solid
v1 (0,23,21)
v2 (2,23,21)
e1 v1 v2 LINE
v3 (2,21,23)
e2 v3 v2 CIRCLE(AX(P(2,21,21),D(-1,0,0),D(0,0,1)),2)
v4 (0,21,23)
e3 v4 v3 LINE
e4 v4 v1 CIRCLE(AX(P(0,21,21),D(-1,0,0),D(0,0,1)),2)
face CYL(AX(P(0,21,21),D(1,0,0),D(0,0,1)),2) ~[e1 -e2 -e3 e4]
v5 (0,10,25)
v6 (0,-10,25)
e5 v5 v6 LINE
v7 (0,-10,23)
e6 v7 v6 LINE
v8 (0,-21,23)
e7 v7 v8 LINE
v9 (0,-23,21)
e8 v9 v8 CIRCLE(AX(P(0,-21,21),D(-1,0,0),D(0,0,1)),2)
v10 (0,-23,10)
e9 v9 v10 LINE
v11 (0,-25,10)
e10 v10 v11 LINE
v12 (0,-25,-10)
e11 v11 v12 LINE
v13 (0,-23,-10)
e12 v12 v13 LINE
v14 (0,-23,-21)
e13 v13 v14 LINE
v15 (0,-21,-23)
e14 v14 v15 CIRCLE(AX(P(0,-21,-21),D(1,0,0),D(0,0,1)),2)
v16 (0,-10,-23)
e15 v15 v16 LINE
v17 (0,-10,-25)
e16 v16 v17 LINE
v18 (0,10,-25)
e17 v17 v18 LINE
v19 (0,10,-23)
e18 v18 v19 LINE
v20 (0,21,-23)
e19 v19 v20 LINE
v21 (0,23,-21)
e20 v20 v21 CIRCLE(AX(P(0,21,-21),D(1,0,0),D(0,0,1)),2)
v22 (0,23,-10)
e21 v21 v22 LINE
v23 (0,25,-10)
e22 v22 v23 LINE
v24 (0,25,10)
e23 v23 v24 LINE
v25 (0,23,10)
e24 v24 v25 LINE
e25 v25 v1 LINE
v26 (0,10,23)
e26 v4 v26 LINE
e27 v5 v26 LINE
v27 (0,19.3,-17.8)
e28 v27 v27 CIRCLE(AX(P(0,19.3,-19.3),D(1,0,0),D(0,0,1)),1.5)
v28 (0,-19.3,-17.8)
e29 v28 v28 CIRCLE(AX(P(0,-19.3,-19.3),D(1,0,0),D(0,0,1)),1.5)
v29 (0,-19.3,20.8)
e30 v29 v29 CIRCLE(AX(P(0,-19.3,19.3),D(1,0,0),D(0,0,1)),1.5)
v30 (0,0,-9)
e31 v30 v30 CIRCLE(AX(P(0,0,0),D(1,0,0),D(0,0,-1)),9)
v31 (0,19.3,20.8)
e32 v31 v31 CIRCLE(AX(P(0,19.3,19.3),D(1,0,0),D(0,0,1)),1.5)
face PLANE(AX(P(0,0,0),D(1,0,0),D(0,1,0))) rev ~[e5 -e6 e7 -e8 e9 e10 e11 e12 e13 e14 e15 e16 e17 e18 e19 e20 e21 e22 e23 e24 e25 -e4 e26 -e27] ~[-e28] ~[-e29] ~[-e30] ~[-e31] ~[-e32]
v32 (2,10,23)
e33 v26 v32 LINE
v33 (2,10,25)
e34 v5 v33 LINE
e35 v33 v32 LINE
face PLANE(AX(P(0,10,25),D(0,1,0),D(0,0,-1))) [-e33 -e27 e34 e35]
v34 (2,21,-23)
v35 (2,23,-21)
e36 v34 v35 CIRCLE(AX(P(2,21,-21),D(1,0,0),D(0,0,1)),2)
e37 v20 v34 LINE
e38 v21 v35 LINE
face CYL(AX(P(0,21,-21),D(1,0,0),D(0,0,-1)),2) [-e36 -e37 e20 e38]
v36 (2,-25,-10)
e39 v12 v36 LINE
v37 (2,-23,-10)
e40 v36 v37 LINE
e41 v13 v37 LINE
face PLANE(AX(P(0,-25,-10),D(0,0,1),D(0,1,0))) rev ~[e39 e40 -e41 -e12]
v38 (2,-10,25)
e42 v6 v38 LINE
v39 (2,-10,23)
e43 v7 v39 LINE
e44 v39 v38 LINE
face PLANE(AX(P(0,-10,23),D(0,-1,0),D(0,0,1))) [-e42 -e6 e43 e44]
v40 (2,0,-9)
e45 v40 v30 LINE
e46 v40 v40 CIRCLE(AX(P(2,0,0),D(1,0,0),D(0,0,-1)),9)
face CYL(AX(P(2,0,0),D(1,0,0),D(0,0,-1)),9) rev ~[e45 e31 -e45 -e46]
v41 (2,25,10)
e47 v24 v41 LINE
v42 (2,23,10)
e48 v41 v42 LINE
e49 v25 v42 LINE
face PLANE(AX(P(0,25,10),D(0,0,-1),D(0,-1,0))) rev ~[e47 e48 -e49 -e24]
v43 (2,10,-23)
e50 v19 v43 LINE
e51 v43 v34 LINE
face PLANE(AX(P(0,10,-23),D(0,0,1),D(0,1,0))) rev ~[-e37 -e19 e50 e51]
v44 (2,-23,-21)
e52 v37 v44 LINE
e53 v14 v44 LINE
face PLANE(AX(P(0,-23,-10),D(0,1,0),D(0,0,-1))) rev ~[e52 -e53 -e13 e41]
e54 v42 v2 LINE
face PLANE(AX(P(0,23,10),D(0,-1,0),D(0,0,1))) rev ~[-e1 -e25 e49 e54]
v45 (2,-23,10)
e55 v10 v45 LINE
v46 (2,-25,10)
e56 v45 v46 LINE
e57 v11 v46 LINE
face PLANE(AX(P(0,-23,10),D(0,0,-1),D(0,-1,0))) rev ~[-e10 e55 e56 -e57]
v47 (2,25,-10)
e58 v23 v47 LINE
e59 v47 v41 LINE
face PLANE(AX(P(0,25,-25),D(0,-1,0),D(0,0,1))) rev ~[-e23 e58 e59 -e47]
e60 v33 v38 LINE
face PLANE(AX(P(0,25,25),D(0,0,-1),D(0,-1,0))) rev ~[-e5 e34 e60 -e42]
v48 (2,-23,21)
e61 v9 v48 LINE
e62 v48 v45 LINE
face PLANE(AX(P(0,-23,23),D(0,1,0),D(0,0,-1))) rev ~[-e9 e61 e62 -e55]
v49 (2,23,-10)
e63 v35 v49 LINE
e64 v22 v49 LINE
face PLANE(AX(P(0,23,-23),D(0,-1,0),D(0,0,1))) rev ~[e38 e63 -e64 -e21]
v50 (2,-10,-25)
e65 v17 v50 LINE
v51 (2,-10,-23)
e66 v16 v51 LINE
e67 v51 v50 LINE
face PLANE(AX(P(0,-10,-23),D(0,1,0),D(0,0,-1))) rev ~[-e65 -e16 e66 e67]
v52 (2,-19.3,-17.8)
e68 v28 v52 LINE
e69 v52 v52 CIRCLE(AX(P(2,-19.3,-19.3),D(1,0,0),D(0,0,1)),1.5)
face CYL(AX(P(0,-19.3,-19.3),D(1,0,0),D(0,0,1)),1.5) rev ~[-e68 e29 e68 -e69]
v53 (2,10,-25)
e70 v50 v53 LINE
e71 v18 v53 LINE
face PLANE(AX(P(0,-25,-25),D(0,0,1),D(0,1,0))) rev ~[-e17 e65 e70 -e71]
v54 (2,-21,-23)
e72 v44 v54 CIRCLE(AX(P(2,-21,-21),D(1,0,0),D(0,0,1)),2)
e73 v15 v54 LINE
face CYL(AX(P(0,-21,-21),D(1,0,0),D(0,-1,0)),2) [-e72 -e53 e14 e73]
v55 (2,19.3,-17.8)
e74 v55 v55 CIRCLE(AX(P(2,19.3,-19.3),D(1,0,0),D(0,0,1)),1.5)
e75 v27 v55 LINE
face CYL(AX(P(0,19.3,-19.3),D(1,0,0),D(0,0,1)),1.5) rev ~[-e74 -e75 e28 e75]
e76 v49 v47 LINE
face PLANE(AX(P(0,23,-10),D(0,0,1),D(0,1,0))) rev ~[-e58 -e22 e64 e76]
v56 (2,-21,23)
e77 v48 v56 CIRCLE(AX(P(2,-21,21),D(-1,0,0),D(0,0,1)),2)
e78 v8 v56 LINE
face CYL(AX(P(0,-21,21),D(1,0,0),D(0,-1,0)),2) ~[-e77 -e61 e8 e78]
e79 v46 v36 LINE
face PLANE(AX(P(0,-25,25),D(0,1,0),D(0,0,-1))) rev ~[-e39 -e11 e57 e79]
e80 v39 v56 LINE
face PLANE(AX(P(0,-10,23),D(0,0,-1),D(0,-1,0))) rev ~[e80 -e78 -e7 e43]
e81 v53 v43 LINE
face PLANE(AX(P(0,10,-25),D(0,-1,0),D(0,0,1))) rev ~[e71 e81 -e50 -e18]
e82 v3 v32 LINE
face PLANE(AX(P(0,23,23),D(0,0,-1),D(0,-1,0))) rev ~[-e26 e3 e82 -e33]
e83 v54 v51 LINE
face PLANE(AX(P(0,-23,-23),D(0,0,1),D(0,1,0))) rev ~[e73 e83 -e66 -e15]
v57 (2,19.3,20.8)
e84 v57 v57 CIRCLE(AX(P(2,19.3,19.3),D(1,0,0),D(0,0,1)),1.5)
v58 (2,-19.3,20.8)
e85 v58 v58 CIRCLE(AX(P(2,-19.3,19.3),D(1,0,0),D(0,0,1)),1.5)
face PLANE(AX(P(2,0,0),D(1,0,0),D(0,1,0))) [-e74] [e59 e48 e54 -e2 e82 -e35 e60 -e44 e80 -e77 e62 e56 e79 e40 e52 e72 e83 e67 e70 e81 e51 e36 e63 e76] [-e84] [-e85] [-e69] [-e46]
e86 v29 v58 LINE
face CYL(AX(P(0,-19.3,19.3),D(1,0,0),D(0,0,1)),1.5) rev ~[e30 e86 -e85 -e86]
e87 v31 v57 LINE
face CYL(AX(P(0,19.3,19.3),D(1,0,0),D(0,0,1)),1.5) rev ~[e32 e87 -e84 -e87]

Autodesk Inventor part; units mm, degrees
ref_plane "YZ Plane" through (0, 0, 0) normal (1, 0, 0) x (0, 1, 0)
ref_plane "XZ Plane" through (0, 0, 0) normal (0, 1, 0) x (-1, 0, 0)
ref_plane "XY Plane" through (0, 0, 0) normal (0, 0, 1) x (1, 0, 0)
sketch "Sketch1" plane through (0, 0, 0) normal (1, 0, 0) x (0, 1, 0)
  line L0 (-25, -25) -> (25, -25)
  line L1 (25, -25) -> (25, 25)
  line L2 (25, 25) -> (-25, 25)
  line L3 (-25, 25) -> (-25, -25)
  line L4 (-25, -25) -> (25, 25) construction
  line L5 (25, -25) -> (-25, 25) construction
  line L6 (-24, -24) -> (24, -24)
  line L7 (24, -24) -> (24, 24)
  line L8 (24, 24) -> (-24, 24)
  line L9 (-24, 24) -> (-24, -24)
  line L10 (-24, -24) -> (24, 24) construction
  line L11 (24, -24) -> (-24, 24) construction
  point P0 (0, 0)
  dimension "d0" = 50
  dimension "d1" = 50
  dimension "d2" = 48
  dimension "d3" = 48
extrude "Extrusion1" add sketch "Sketch1" along normal blind 2 contours L3 L2 L1 L0 | L9 L8 L7 L6
sketch "Sketch3" plane through (0, 0, 0) normal (-1, 0, 0) x (0, 0, 1)
  line L0 (19.3, -19.3) -> (-19.3, -19.3)
  line L1 (-19.3, -19.3) -> (-19.3, 19.3)
  line L2 (-19.3, 19.3) -> (19.3, 19.3)
  line L3 (19.3, 19.3) -> (19.3, -19.3)
  line L4 (19.3, -19.3) -> (-19.3, 19.3) construction
  line L5 (-19.3, -19.3) -> (19.3, 19.3) construction
  circle A0 centre (-19.3, 19.3) radius 1.5
  circle A1 centre (19.3, 19.3) radius 1.5555
  circle A2 centre (19.3, -19.3) radius 1.5555
  circle A3 centre (-19.3, -19.3) radius 1.5555
  point P0 (0, 0)
  dimension "d6" = 38.6
  dimension "d7" = 38.6
  dimension "d8" = 3
  dimension "d9" = 3.111
  dimension "d10" = 3.111
  dimension "d11" = 3.111
hole "Hole1" at (0, 19.3, -19.3) direction (1, 0, 0) diameter 3 end through all
sketch "Sketch4" plane through (0, 0, 0) normal (-1, 0, 0) x (0, 0, 1)
  line L0 (-19.3, -19.3) -> (19.3, -19.3)
  line L1 (19.3, -19.3) -> (19.3, 19.3)
  line L2 (19.3, 19.3) -> (-19.3, 19.3)
  line L3 (-19.3, 19.3) -> (-19.3, -19.3)
  line L4 (-19.3, -19.3) -> (19.3, 19.3) construction
  line L5 (19.3, -19.3) -> (-19.3, 19.3) construction
  circle A0 centre (19.3, 19.3) radius 1.5
  point P0 (0, 0)
  dimension "d19" = 38.6
  dimension "d20" = 38.6
  dimension "d21" = 3
hole "Hole2" at (0, 19.3, 19.3) direction (1, 0, 0) diameter 3 end through all
sketch "Sketch5" plane through (0, 0, 0) normal (-1, 0, 0) x (0, 0, 1)
  line L0 (19.3, -19.3) -> (-19.3, -19.3)
  line L1 (-19.3, -19.3) -> (-19.3, 19.3)
  line L2 (-19.3, 19.3) -> (19.3, 19.3)
  line L3 (19.3, 19.3) -> (19.3, -19.3)
  line L4 (19.3, -19.3) -> (-19.3, 19.3) construction
  line L5 (-19.3, -19.3) -> (19.3, 19.3) construction
  circle A0 centre (-19.3, -19.3) radius 1.5
  point P0 (0, 0)
  dimension "d29" = 38.6
  dimension "d30" = 38.6
  dimension "d31" = 3
hole "Hole3" at (0, -19.3, -19.3) direction (1, 0, 0) diameter 3 end through all
sketch "Sketch6" plane through (0, 0, 0) normal (-1, 0, 0) x (0, 0, 1)
  line L0 (19.3, -19.3) -> (-19.3, -19.3)
  line L1 (-19.3, -19.3) -> (-19.3, 19.3)
  line L2 (-19.3, 19.3) -> (19.3, 19.3)
  line L3 (19.3, 19.3) -> (19.3, -19.3)
  line L4 (19.3, -19.3) -> (-19.3, 19.3) construction
  line L5 (-19.3, -19.3) -> (19.3, 19.3) construction
  circle A0 centre (19.3, -19.3) radius 1.5
  point P0 (0, 0)
  dimension "d39" = 38.6
  dimension "d40" = 38.6
  dimension "d41" = 3
hole "Hole4" at (0, -19.3, 19.3) direction (1, 0, 0) diameter 3 end through all
sketch "Sketch7" plane through (0, 0, 0) normal (-1, 0, 0) x (0, 0, 1)
  line L0 (23, -23) -> (-23, -23)
  line L1 (-23, -23) -> (-23, 23)
  line L2 (-23, 23) -> (23, 23)
  line L3 (23, 23) -> (23, -23)
  line L4 (23, -23) -> (-23, 23) construction
  line L5 (-23, -23) -> (23, 23) construction
  line L6 (-25, 25) -> (25, 25) projected
  line L7 (10, 21) -> (-10, 21)
  line L8 (-10, 21) -> (-10, 25)
  line L9 (-10, 25) -> (10, 25)
  line L10 (10, 25) -> (10, 21)
  line L11 (10, 21) -> (-10, 25) construction
  line L12 (-10, 21) -> (10, 25) construction
  line L13 (21, -10) -> (25, -10)
  line L14 (25, -10) -> (25, 10)
  line L15 (25, 10) -> (21, 10)
  line L16 (21, 10) -> (21, -10)
  line L17 (21, -10) -> (25, 10) construction
  line L18 (25, -10) -> (21, 10) construction
  line L19 (25, -25) -> (-25, -25) projected
  line L20 (-10, -21) -> (10, -21)
  line L21 (10, -21) -> (10, -25)
  line L22 (10, -25) -> (-10, -25)
  line L23 (-10, -25) -> (-10, -21)
  line L24 (-10, -21) -> (10, -25) construction
  line L25 (10, -21) -> (-10, -25) construction
  line L26 (-25.0252, 10) -> (-20.9748, 10)
  line L27 (-20.9748, 10) -> (-20.9748, -10)
  line L28 (-20.9748, -10) -> (-25.0252, -10)
  line L29 (-25.0252, -10) -> (-25.0252, 10)
  line L30 (-25.0252, 10) -> (-20.9748, -10) construction
  line L31 (-20.9748, 10) -> (-25.0252, -10) construction
  line L32 (25, -25) -> (-25, -25)
  line L33 (-25, -25) -> (-25, 25)
  line L34 (-25, 25) -> (25, 25)
  line L35 (25, 25) -> (25, -25)
  line L36 (25, -25) -> (-25, 25) construction
  line L37 (-25, -25) -> (25, 25) construction
  point P0 (0, 0)
  point P1 (0, 23)
  point P2 (23, 0)
  point P3 (0, -23)
  point P4 (-23, 0)
  point P5 (-10, 23)
  point P6 (10, 23)
  point P7 (23, 10)
  point P8 (23, -10)
  point P9 (10, -23)
  point P10 (-10, -23)
  point P11 (-23, -10)
  point P12 (-23, 10)
  point P13 (10, 25)
  point P14 (-25, 10)
  point P15 (-25, -10)
  point P16 (-10, -25)
  dimension "d49" = 46
  dimension "d50" = 46
  dimension "d51" = 20
  dimension "d52" = 20
  dimension "d53" = 20
  dimension "d54" = 20
extrude "Extrusion3" cut sketch "Sketch7" against normal blind 2 contours L3 L13 L35 L19 L21 L0 | L23 L19 L33 L28 L1 L0 | L3 L2 L10 L6 L35 L15 | L26 L33 L6 L8 L2 L1
sketch "Sketch8" plane through (2, 0, 0) normal (1, 0, 0) x (0, 0, -1)
  circle A0 centre (0, 0) radius 9
  dimension "d59" = 18
extrude "Extrusion4" cut sketch "Sketch8" against normal blind 2
sketch "Sketch9" plane through (2, 0, 0) normal (1, 0, 0) x (0, 0, -1)
  line L0 (13.75, -13.75) -> (-13.75, -13.75)
  line L1 (-13.75, -13.75) -> (-13.75, 13.75)
  line L2 (-13.75, 13.75) -> (13.75, 13.75)
  line L3 (13.75, 13.75) -> (13.75, -13.75)
  line L4 (13.75, -13.75) -> (-13.75, 13.75) construction
  line L5 (-13.75, -13.75) -> (13.75, 13.75) construction
  circle A0 centre (-13.75, 13.75) radius 1
  circle A1 centre (13.75, 13.75) radius 1
  circle A2 centre (13.75, -13.75) radius 1
  circle A3 centre (-13.75, -13.75) radius 1
  point P0 (0, 0)
  dimension "d62" = 27.5
  dimension "d63" = 27.5
  dimension "d64" = 2
  dimension "d65" = 2
  dimension "d66" = 2
  dimension "d67" = 2
extrude "Extrusion5" [suppressed]
fillet "Fillet1" radius 2 4 edges at (1, 23, 23) (1, -23, 23) (1, -23, -23) (1, 23, -23)
properties part number "UpperSide" material "Aluminum 6061, Welded"
